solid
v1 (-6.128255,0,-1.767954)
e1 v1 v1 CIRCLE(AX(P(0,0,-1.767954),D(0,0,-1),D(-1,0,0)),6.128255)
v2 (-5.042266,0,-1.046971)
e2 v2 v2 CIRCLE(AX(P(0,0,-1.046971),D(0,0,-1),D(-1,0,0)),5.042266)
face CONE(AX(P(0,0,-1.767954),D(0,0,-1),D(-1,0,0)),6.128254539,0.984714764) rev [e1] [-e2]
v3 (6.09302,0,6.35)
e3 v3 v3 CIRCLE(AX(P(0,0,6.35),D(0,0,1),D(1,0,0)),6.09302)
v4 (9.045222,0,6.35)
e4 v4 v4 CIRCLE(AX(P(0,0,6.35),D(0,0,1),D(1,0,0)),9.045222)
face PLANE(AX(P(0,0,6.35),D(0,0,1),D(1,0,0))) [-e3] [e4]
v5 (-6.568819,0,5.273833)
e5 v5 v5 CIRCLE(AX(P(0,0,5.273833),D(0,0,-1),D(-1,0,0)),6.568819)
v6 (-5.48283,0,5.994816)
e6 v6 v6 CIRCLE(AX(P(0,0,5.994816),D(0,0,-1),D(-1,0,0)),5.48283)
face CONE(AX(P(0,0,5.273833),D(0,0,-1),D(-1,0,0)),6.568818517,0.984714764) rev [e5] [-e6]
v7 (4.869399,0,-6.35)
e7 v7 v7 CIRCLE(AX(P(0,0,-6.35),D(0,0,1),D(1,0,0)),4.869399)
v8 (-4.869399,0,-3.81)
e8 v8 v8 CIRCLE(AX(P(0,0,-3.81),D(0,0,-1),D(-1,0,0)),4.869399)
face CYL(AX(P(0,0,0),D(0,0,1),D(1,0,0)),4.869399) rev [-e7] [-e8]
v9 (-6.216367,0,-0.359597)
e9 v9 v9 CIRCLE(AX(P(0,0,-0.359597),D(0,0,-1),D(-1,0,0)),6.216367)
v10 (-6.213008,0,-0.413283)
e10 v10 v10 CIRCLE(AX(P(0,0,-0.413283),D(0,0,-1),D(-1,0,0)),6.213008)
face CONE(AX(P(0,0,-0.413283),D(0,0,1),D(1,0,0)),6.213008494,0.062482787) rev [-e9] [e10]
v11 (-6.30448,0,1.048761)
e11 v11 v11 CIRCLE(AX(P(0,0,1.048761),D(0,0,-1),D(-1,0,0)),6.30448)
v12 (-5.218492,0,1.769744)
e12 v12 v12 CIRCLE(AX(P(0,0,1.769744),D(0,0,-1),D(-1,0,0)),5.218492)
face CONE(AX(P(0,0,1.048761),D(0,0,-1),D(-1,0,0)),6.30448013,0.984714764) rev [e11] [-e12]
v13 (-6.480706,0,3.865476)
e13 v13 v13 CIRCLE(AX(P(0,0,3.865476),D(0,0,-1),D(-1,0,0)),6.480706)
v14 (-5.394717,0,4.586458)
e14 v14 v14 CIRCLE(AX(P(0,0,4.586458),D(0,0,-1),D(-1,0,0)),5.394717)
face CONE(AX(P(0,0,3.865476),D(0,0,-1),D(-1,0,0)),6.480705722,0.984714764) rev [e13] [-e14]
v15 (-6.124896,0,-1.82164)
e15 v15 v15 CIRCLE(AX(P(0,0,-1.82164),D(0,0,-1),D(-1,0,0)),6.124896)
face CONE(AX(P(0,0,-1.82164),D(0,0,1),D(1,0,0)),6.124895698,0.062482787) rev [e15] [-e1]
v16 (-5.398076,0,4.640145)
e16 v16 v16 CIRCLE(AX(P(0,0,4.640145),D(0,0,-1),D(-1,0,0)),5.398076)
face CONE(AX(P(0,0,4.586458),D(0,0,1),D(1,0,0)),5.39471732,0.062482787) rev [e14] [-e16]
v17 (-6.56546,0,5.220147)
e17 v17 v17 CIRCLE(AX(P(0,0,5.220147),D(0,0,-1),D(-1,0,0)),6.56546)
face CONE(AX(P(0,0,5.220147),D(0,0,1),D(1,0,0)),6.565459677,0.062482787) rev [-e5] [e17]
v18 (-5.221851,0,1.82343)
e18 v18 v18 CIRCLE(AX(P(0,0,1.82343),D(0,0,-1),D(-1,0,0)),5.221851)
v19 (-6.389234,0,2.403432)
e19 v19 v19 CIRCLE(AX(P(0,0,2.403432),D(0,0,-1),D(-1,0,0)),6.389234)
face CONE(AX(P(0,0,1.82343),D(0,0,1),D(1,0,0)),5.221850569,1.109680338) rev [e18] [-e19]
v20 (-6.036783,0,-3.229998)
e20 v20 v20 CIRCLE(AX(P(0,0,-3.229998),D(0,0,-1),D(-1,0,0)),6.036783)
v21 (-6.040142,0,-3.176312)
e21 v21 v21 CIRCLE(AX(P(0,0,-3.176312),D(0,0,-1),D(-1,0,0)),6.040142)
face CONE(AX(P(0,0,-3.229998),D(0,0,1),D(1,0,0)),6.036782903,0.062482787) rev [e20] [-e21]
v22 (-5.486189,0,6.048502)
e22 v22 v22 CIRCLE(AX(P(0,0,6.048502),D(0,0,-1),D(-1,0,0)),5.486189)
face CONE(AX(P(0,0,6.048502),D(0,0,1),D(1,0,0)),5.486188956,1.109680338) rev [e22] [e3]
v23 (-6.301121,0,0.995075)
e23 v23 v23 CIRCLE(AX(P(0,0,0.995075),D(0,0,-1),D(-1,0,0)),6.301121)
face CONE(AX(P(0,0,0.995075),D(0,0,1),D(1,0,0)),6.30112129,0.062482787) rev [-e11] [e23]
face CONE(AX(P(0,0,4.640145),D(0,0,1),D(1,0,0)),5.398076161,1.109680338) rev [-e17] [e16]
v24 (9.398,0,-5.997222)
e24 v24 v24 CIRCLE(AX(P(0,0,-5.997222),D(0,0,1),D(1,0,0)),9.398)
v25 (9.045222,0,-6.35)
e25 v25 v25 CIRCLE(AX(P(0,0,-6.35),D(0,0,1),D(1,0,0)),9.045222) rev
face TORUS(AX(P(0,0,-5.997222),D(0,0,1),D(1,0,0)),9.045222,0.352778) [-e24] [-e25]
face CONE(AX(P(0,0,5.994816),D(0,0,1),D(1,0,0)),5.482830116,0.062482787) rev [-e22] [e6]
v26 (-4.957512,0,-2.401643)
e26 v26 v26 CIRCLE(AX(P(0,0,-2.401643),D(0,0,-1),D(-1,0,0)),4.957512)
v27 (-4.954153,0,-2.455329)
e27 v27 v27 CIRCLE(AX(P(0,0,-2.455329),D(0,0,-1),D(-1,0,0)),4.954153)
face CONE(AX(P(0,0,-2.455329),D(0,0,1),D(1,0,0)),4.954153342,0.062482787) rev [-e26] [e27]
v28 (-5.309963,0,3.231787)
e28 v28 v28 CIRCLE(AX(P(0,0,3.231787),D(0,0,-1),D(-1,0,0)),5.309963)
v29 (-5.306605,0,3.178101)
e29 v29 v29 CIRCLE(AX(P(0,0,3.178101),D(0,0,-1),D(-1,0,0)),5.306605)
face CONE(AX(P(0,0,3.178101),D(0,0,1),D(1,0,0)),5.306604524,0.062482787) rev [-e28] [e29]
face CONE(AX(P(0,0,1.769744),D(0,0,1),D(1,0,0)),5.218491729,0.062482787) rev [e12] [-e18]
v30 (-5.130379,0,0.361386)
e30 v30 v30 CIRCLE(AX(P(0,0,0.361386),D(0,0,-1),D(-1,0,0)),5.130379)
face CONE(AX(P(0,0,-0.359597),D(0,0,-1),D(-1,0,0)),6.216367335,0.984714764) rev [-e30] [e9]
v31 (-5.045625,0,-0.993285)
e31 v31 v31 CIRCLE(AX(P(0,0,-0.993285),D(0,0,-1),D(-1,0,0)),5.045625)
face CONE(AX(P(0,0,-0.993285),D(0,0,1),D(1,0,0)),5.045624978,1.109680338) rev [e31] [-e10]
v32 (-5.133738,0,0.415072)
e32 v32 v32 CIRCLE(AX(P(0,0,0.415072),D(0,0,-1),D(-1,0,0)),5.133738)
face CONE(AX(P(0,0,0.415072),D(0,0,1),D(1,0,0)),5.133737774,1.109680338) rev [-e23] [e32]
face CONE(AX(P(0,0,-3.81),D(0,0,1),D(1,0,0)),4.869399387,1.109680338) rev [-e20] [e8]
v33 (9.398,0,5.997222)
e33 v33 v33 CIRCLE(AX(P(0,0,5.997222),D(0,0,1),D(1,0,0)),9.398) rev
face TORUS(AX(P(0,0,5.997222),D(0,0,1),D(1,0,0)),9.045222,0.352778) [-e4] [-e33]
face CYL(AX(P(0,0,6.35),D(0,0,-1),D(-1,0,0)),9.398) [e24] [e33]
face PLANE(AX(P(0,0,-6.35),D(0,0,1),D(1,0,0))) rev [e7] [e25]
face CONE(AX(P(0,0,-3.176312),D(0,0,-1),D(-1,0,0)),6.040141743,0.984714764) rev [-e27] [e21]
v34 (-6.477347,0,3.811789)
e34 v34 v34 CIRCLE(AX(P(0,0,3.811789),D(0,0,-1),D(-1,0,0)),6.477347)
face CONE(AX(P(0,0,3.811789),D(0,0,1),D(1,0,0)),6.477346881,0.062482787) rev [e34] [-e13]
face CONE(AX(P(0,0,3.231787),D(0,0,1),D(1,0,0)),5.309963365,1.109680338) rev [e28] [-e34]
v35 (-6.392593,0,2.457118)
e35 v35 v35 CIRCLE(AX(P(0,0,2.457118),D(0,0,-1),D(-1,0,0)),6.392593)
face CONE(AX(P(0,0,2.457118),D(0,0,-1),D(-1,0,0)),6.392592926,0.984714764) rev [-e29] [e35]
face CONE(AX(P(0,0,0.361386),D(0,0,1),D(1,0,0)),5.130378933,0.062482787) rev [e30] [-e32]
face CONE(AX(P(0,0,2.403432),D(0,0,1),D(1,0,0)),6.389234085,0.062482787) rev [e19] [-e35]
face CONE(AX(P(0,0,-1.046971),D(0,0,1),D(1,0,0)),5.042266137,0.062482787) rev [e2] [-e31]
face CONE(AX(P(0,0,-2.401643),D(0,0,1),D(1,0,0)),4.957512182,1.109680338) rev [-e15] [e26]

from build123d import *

# Parameters (mm, degrees)
SKETCH1_R      = 9.398
EXTRUDE1_DEPTH = 6.35
SKETCH5_W      = 12.7
SKETCH5_H      = 4.869399387
FILLET1_R      = 0.352777778


with BuildPart() as part:
    # Sketch1 → Extrude1 (new body, symmetric)
    with BuildSketch(Plane.XY):
        Circle(SKETCH1_R)
    extrude(amount=EXTRUDE1_DEPTH, both=True)

    # Sketch5 → Cut-Revolve7 (revolve, cut)
    with BuildSketch(Plane(origin=(0, 0, 0), x_dir=(0, 0, -1), z_dir=(1, 0, 0))):
        with Locations((0, 2.434699694)):
            Rectangle(SKETCH5_W, SKETCH5_H)
    revolve(axis=Axis((0, 0, 0), (0, 0, -1)), mode=Mode.SUBTRACT)

    # Fillet1
    fillet1_edges = [part.edges().sort_by_distance(p)[0] for p in [
        (-9.398, 0, -6.35),
        (-9.398, 0, 6.35),
    ]]
    fillet(fillet1_edges, radius=FILLET1_R)

    # Sketch2 → Cut-Revolve5 (revolve, cut)
    with BuildSketch(Plane(origin=(0, 0, 0), x_dir=(0, 0, -1), z_dir=(1, 0, 0))):
        Polygon((-22.120436281, 7.622813225), (-21.540434076, 6.455429709), (-21.486747793, 6.452070868), (-20.765765115, 7.53805927), (-20.712078832, 7.534700429), (-20.132076627, 6.367316913), (-20.078390344, 6.363958072), (-19.357407666, 7.449946474), (-19.303721383, 7.446587633), (-18.723719178, 6.279204117), (-18.670032896, 6.275845277), (-17.949050217, 7.361833678), (-17.895363935, 7.358474838), (-17.31536173, 6.191091322), (-17.261675447, 6.187732481), (-16.540692769, 7.273720883), (-16.487006486, 7.270362042), (-15.907004281, 6.102978526), (-15.853317998, 6.099619685), (-15.13233532, 7.185608087), (-15.078649037, 7.182249246), (-14.498646832, 6.01486573), (-14.44496055, 6.01150689), (-13.723977871, 7.097495291), (-13.670291589, 7.094136451), (-13.090289384, 5.926752935), (-13.036603101, 5.923394094), (-12.315620423, 7.009382496), (-12.26193414, 7.006023655), (-11.681931935, 5.838640139), (-11.628245652, 5.835281298), (-10.907262974, 6.9212697), (-10.853576692, 6.917910859), (-10.273574486, 5.750527343), (-10.219888204, 5.747168503), (-9.498905526, 6.833156904), (-9.445219243, 6.829798064), (-8.865217038, 5.662414548), (-8.811530755, 5.659055707), (-8.090548077, 6.745044109), (-8.036861794, 6.741685268), (-7.456859589, 5.574301752), (-7.403173306, 5.570942911), (-6.682190628, 6.656931313), (-6.628504346, 6.653572472), (-6.04850214, 5.486188956), (-5.994815858, 5.482830116), (-5.27383318, 6.568818517), (-5.220146897, 6.565459677), (-4.640144692, 5.398076161), (-4.586458409, 5.39471732), (-3.865475731, 6.480705722), (-3.811789448, 6.477346881), (-3.231787243, 5.309963365), (-3.178100961, 5.306604524), (-2.457118282, 6.392592926), (-2.403432, 6.389234085), (-1.823429795, 5.221850569), (-1.769743512, 5.218491729), (-1.048760834, 6.30448013), (-0.995074551, 6.30112129), (-0.415072346, 5.133737774), (-0.361386063, 5.130378933), (0.359596615, 6.216367335), (0.413282898, 6.213008494), (0.993285103, 5.045624978), (1.046971385, 5.042266137), (1.767954064, 6.128254539), (1.821640346, 6.124895698), (2.401642551, 4.957512182), (2.455328834, 4.954153342), (3.176311512, 6.040141743), (3.229997795, 6.036782903), (3.81, 4.869399387), (3.81, 0), (-23.582480012, 0), (-23.582480012, 7.714284861), (-23.528793729, 7.71092602), (-22.948791524, 6.543542504), (-22.895105242, 6.540183664), (-22.174122563, 7.626172065), align=None)
    revolve(axis=Axis((0, 0, -97.9740637), (0, 0, 1)), mode=Mode.SUBTRACT)


solid = part.part
